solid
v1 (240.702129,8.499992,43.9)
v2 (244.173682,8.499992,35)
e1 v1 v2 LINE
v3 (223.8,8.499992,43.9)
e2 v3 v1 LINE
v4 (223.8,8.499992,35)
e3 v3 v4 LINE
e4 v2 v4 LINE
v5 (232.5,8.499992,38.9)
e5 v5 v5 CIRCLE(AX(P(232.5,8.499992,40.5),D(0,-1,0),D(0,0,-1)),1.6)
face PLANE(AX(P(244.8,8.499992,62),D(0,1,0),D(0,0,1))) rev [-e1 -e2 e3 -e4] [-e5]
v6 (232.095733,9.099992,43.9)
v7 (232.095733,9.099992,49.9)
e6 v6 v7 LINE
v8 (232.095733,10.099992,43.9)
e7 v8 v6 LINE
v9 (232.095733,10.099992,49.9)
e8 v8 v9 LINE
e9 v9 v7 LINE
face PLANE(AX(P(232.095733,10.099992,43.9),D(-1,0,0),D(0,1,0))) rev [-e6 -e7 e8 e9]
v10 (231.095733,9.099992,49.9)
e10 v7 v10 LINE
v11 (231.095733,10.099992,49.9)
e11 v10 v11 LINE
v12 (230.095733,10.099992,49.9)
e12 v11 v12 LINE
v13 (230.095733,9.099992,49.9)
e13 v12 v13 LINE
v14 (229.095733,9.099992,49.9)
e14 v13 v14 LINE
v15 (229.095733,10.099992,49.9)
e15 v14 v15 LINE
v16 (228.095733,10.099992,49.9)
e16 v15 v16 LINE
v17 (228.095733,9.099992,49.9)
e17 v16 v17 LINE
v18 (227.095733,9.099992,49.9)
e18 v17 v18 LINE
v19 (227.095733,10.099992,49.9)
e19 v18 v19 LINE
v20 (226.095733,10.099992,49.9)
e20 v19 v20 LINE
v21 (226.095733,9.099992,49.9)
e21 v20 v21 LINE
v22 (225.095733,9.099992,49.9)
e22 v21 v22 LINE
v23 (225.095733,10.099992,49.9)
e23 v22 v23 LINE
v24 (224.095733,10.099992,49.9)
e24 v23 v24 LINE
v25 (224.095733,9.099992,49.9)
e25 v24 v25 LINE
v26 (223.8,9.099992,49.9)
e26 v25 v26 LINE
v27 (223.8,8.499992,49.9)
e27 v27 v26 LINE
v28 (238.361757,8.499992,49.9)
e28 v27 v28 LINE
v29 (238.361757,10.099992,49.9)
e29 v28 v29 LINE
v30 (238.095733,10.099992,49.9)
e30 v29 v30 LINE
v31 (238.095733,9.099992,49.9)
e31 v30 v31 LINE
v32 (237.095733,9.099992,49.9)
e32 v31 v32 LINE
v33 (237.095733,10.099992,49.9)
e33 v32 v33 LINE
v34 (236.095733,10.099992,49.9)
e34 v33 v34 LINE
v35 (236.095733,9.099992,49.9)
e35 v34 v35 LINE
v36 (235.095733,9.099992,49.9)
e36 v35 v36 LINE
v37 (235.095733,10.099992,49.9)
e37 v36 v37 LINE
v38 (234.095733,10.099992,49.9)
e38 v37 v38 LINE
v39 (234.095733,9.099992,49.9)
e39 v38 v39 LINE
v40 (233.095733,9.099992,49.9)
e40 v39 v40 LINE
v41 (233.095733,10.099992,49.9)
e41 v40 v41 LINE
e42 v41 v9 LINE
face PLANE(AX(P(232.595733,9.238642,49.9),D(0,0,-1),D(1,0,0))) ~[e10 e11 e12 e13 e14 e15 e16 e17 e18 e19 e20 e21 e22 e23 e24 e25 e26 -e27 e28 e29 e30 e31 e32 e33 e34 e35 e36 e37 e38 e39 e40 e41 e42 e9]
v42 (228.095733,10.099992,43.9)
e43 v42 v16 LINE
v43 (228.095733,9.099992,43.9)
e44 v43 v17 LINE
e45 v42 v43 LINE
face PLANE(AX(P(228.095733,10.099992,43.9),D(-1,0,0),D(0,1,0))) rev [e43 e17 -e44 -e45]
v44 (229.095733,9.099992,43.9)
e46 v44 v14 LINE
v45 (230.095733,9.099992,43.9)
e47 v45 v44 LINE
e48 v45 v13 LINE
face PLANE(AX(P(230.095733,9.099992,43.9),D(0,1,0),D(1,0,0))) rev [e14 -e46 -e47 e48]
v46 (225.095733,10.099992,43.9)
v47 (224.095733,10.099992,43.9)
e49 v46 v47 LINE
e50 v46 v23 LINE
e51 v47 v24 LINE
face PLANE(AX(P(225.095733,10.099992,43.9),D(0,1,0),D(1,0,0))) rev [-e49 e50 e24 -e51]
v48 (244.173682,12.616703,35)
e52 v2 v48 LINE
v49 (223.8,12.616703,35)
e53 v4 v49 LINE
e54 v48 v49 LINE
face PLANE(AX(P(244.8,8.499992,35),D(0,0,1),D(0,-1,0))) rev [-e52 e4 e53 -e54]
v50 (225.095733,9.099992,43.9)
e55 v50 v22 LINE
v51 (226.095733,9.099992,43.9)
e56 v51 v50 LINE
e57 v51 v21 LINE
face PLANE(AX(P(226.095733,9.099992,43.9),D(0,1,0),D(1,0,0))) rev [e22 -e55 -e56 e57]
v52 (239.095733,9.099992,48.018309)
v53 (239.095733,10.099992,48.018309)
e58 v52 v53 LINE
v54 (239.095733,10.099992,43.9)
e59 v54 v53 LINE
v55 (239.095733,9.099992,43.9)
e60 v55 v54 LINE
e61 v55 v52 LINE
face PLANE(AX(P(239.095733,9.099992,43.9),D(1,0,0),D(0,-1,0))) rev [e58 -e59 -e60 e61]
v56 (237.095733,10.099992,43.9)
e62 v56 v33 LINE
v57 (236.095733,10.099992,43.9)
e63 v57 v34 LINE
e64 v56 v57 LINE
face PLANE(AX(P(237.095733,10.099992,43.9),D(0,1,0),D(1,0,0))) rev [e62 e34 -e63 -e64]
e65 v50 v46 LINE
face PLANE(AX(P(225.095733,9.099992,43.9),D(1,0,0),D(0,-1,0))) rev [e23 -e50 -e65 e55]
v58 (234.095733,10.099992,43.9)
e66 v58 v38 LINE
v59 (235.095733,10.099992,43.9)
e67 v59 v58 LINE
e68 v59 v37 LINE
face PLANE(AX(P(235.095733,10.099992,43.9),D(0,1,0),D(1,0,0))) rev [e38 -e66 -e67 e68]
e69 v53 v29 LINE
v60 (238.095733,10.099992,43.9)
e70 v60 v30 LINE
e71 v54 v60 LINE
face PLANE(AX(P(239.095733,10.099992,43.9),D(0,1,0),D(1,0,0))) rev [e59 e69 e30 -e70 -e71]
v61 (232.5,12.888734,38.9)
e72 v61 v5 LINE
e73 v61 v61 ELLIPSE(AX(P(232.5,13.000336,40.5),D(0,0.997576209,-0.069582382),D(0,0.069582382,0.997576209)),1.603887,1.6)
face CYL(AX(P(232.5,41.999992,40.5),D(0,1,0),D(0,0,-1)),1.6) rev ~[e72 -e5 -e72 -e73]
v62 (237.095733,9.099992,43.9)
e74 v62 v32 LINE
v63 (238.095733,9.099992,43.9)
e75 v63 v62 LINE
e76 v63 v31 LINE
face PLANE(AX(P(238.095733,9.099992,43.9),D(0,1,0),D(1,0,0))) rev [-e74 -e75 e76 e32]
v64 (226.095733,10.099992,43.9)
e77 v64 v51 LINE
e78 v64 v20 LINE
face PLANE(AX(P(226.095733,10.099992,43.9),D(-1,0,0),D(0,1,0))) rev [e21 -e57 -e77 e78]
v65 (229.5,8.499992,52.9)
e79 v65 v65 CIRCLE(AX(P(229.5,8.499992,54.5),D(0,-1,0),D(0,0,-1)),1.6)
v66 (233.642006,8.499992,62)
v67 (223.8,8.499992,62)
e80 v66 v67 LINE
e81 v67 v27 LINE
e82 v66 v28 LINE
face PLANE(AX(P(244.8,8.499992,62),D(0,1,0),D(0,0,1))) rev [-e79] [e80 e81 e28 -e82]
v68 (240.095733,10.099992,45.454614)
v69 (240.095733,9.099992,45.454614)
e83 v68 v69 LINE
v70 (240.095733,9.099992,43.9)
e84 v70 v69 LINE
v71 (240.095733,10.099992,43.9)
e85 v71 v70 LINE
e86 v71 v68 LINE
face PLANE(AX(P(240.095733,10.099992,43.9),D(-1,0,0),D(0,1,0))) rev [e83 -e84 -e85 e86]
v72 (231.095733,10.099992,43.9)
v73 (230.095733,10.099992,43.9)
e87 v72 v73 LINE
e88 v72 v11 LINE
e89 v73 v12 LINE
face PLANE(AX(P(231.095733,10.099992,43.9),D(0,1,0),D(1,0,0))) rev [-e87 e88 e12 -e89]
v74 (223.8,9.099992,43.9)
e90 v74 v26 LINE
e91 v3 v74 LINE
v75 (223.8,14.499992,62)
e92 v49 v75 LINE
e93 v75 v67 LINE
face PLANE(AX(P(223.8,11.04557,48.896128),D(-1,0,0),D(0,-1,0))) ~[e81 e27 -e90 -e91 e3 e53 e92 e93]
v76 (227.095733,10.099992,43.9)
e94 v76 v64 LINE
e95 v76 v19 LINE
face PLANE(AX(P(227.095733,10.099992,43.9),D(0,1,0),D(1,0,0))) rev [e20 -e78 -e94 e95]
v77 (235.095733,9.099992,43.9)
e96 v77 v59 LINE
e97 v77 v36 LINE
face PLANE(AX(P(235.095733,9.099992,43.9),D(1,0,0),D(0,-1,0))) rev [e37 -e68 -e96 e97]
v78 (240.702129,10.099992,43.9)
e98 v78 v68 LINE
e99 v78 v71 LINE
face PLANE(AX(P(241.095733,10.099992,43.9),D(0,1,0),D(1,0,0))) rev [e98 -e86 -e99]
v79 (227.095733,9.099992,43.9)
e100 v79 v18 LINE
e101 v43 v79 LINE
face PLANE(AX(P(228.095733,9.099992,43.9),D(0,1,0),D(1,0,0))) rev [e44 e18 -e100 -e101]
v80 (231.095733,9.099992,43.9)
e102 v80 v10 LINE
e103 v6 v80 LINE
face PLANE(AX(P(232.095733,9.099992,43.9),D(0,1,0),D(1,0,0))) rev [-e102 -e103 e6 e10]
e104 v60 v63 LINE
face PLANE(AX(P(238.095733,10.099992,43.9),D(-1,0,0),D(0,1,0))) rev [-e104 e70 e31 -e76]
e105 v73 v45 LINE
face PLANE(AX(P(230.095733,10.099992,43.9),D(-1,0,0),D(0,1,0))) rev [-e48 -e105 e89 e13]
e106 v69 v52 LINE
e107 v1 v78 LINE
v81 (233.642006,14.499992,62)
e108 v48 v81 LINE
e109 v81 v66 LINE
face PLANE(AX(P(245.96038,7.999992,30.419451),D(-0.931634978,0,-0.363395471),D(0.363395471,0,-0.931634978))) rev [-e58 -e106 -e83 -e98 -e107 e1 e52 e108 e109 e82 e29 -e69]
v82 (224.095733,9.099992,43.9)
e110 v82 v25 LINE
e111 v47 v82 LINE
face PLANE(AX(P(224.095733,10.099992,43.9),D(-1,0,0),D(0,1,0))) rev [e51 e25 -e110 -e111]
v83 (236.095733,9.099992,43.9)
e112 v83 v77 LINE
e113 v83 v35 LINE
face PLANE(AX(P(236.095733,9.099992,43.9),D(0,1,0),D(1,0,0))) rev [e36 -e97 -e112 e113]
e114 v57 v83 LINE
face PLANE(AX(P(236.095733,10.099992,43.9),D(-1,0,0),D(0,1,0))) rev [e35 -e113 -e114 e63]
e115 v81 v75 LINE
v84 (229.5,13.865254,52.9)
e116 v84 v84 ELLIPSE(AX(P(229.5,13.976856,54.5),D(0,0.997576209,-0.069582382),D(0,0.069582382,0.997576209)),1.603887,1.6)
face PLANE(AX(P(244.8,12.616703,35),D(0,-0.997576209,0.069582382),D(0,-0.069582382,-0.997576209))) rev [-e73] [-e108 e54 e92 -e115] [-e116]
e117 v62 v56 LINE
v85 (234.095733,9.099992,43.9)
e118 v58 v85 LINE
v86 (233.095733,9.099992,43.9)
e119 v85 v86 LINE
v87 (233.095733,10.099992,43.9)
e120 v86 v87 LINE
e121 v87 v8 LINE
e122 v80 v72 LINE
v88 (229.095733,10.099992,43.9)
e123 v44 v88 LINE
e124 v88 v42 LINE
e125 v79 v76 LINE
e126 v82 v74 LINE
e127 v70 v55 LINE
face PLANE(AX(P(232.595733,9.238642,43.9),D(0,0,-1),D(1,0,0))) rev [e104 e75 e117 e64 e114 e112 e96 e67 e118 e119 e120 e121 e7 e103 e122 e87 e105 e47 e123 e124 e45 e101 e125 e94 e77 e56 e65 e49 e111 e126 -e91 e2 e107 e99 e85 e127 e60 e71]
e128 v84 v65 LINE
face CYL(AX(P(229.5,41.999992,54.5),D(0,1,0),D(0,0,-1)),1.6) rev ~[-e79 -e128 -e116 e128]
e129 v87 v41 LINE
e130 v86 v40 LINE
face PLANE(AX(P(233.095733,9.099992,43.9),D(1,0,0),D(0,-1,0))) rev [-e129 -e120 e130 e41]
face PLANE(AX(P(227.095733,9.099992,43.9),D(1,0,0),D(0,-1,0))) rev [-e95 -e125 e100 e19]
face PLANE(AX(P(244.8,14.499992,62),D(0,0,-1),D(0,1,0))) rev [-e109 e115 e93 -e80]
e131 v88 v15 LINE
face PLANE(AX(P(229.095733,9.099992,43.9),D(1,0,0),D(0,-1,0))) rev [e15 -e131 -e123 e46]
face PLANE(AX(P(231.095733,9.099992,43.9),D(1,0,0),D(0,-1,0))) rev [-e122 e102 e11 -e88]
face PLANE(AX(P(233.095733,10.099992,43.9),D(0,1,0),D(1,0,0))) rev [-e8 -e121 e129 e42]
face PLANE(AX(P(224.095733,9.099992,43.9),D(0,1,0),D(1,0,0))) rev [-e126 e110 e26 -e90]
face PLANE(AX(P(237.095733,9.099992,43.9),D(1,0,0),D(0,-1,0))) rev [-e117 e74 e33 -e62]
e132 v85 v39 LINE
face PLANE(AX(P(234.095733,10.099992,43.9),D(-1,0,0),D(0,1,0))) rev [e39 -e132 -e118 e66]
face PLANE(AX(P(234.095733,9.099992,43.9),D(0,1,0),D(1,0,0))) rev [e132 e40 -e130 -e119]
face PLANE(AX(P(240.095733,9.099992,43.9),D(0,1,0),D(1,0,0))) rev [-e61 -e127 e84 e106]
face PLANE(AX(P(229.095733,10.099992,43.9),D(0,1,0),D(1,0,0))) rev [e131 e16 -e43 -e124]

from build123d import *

# Parameters (mm, degrees)
EXTRUDE053_DEPTH               = 6
EXTRUDE053_PLACEMENT_ANGLE     = 180
CYLINDER127_R                  = 1.6
CYLINDER127_DEPTH              = 40
CYLINDER124_R                  = 1.6
CYLINDER124_DEPTH              = 40
EXTRUDE050_DEPTH               = 10
EXTRUDE049_DEPTH               = 21
PART_MIRRORING_PLACEMENT_ANGLE = 180


with BuildPart() as extrude053:
    # Sketch043 → Extrude053 (new body)
    with BuildSketch(Plane.XY):
        Polygon((-6.704267, 10), (14.295733, 10), (14.295733, 8.4), (13.295733, 8.4), (13.295733, 9.4), (12.295733, 9.4), (12.295733, 8.4), (11.295733, 8.4), (11.295733, 9.4), (10.295733, 9.4), (10.295733, 8.4), (9.295733, 8.4), (9.295733, 9.4), (8.295733, 9.4), (8.295733, 8.4), (7.295733, 8.4), (7.295733, 9.4), (6.295733, 9.4), (6.295733, 8.4), (5.295733, 8.4), (5.295733, 9.4), (4.295733, 9.4), (4.295733, 8.4), (3.295733, 8.4), (3.295733, 9.4), (2.295733, 9.4), (2.295733, 8.4), (1.295733, 8.4), (1.295733, 9.4), (0.295733, 9.4), (0.295733, 8.4), (-0.704267, 8.4), (-0.704267, 9.4), (-1.704267, 9.4), (-1.704267, 8.4), (-2.704267, 8.4), (-2.704267, 9.4), (-3.704267, 9.4), (-3.704267, 8.4), (-4.704267, 8.4), (-4.704267, 9.4), (-5.704267, 9.4), (-5.704267, 8.4), (-6.704267, 8.4), align=None)
    extrude(amount=EXTRUDE053_DEPTH)


with BuildPart() as extrude053_1:
    # Extrude053 placement: moved
    add(extrude053.part.moved(Location((9, 18.5, 43.9))).rotate(Axis((9, 18.5, 43.9), (0, 0, 1)), EXTRUDE053_PLACEMENT_ANGLE))


with BuildPart() as cylinder127:
    # Cylinder127 → Cylinder127 (new body)
    with BuildSketch(Plane(origin=(5.3, 42, 40.5), x_dir=(0, 0, -1), z_dir=(0, -1, 0))):
        Circle(CYLINDER127_R)
    extrude(amount=CYLINDER127_DEPTH)


with BuildPart() as cylinder124:
    # Cylinder124 → Cylinder124 (new body)
    with BuildSketch(Plane(origin=(8.3, 42, 54.5), x_dir=(0, 0, -1), z_dir=(0, -1, 0))):
        Circle(CYLINDER124_R)
    extrude(amount=CYLINDER124_DEPTH)


with BuildPart() as extrude050:
    # Sketch040 → Extrude050 (new body)
    with BuildSketch(Plane.XZ):
        Polygon((-8.16038, 62.64716), (-8.16038, 30.419451), (4.410427, 62.64716), align=None)
    extrude(amount=-EXTRUDE050_DEPTH)


with BuildPart() as extrude050_1:
    # Extrude050 placement: moved
    add(extrude050.part.moved(Location((0, 8, 0))))


with BuildPart() as cut132:
    # Sketch039 → Extrude049 (new body)
    with BuildSketch(Plane.YZ):
        Polygon((8.5, 62), (8.5, 35), (12.616711, 35), (14.5, 62), align=None)
    extrude(amount=EXTRUDE049_DEPTH)


with BuildPart() as cut132_1:
    # Extrude049 placement: moved
    add(cut132.part.moved(Location((-7, 0, 0))))

    # Cut127: cut Extrude050
    add(extrude050_1.part, mode=Mode.SUBTRACT)

    # Cut130: cut Cylinder124
    add(cylinder124.part, mode=Mode.SUBTRACT)

    # Cut131: cut Cylinder127
    add(cylinder127.part, mode=Mode.SUBTRACT)

    # Cut132: cut Extrude053
    add(extrude053_1.part, mode=Mode.SUBTRACT)


with BuildPart() as part_mirroring:
    # Part__Mirroring: instance of Cut132
    add(cut132_1.part.mirror(Plane(origin=(3.813159, 4e-06, 48.5), x_dir=(1, 0, 0), z_dir=(0, 1, 0))))


with BuildPart() as part_mirroring_1:
    # Part__Mirroring placement: moved
    add(part_mirroring.part.moved(Location((237.8, 0, 0))).rotate(Axis((237.8, 0, 0), (0, 0, 1)), PART_MIRRORING_PLACEMENT_ANGLE))


solid = part_mirroring_1.part
